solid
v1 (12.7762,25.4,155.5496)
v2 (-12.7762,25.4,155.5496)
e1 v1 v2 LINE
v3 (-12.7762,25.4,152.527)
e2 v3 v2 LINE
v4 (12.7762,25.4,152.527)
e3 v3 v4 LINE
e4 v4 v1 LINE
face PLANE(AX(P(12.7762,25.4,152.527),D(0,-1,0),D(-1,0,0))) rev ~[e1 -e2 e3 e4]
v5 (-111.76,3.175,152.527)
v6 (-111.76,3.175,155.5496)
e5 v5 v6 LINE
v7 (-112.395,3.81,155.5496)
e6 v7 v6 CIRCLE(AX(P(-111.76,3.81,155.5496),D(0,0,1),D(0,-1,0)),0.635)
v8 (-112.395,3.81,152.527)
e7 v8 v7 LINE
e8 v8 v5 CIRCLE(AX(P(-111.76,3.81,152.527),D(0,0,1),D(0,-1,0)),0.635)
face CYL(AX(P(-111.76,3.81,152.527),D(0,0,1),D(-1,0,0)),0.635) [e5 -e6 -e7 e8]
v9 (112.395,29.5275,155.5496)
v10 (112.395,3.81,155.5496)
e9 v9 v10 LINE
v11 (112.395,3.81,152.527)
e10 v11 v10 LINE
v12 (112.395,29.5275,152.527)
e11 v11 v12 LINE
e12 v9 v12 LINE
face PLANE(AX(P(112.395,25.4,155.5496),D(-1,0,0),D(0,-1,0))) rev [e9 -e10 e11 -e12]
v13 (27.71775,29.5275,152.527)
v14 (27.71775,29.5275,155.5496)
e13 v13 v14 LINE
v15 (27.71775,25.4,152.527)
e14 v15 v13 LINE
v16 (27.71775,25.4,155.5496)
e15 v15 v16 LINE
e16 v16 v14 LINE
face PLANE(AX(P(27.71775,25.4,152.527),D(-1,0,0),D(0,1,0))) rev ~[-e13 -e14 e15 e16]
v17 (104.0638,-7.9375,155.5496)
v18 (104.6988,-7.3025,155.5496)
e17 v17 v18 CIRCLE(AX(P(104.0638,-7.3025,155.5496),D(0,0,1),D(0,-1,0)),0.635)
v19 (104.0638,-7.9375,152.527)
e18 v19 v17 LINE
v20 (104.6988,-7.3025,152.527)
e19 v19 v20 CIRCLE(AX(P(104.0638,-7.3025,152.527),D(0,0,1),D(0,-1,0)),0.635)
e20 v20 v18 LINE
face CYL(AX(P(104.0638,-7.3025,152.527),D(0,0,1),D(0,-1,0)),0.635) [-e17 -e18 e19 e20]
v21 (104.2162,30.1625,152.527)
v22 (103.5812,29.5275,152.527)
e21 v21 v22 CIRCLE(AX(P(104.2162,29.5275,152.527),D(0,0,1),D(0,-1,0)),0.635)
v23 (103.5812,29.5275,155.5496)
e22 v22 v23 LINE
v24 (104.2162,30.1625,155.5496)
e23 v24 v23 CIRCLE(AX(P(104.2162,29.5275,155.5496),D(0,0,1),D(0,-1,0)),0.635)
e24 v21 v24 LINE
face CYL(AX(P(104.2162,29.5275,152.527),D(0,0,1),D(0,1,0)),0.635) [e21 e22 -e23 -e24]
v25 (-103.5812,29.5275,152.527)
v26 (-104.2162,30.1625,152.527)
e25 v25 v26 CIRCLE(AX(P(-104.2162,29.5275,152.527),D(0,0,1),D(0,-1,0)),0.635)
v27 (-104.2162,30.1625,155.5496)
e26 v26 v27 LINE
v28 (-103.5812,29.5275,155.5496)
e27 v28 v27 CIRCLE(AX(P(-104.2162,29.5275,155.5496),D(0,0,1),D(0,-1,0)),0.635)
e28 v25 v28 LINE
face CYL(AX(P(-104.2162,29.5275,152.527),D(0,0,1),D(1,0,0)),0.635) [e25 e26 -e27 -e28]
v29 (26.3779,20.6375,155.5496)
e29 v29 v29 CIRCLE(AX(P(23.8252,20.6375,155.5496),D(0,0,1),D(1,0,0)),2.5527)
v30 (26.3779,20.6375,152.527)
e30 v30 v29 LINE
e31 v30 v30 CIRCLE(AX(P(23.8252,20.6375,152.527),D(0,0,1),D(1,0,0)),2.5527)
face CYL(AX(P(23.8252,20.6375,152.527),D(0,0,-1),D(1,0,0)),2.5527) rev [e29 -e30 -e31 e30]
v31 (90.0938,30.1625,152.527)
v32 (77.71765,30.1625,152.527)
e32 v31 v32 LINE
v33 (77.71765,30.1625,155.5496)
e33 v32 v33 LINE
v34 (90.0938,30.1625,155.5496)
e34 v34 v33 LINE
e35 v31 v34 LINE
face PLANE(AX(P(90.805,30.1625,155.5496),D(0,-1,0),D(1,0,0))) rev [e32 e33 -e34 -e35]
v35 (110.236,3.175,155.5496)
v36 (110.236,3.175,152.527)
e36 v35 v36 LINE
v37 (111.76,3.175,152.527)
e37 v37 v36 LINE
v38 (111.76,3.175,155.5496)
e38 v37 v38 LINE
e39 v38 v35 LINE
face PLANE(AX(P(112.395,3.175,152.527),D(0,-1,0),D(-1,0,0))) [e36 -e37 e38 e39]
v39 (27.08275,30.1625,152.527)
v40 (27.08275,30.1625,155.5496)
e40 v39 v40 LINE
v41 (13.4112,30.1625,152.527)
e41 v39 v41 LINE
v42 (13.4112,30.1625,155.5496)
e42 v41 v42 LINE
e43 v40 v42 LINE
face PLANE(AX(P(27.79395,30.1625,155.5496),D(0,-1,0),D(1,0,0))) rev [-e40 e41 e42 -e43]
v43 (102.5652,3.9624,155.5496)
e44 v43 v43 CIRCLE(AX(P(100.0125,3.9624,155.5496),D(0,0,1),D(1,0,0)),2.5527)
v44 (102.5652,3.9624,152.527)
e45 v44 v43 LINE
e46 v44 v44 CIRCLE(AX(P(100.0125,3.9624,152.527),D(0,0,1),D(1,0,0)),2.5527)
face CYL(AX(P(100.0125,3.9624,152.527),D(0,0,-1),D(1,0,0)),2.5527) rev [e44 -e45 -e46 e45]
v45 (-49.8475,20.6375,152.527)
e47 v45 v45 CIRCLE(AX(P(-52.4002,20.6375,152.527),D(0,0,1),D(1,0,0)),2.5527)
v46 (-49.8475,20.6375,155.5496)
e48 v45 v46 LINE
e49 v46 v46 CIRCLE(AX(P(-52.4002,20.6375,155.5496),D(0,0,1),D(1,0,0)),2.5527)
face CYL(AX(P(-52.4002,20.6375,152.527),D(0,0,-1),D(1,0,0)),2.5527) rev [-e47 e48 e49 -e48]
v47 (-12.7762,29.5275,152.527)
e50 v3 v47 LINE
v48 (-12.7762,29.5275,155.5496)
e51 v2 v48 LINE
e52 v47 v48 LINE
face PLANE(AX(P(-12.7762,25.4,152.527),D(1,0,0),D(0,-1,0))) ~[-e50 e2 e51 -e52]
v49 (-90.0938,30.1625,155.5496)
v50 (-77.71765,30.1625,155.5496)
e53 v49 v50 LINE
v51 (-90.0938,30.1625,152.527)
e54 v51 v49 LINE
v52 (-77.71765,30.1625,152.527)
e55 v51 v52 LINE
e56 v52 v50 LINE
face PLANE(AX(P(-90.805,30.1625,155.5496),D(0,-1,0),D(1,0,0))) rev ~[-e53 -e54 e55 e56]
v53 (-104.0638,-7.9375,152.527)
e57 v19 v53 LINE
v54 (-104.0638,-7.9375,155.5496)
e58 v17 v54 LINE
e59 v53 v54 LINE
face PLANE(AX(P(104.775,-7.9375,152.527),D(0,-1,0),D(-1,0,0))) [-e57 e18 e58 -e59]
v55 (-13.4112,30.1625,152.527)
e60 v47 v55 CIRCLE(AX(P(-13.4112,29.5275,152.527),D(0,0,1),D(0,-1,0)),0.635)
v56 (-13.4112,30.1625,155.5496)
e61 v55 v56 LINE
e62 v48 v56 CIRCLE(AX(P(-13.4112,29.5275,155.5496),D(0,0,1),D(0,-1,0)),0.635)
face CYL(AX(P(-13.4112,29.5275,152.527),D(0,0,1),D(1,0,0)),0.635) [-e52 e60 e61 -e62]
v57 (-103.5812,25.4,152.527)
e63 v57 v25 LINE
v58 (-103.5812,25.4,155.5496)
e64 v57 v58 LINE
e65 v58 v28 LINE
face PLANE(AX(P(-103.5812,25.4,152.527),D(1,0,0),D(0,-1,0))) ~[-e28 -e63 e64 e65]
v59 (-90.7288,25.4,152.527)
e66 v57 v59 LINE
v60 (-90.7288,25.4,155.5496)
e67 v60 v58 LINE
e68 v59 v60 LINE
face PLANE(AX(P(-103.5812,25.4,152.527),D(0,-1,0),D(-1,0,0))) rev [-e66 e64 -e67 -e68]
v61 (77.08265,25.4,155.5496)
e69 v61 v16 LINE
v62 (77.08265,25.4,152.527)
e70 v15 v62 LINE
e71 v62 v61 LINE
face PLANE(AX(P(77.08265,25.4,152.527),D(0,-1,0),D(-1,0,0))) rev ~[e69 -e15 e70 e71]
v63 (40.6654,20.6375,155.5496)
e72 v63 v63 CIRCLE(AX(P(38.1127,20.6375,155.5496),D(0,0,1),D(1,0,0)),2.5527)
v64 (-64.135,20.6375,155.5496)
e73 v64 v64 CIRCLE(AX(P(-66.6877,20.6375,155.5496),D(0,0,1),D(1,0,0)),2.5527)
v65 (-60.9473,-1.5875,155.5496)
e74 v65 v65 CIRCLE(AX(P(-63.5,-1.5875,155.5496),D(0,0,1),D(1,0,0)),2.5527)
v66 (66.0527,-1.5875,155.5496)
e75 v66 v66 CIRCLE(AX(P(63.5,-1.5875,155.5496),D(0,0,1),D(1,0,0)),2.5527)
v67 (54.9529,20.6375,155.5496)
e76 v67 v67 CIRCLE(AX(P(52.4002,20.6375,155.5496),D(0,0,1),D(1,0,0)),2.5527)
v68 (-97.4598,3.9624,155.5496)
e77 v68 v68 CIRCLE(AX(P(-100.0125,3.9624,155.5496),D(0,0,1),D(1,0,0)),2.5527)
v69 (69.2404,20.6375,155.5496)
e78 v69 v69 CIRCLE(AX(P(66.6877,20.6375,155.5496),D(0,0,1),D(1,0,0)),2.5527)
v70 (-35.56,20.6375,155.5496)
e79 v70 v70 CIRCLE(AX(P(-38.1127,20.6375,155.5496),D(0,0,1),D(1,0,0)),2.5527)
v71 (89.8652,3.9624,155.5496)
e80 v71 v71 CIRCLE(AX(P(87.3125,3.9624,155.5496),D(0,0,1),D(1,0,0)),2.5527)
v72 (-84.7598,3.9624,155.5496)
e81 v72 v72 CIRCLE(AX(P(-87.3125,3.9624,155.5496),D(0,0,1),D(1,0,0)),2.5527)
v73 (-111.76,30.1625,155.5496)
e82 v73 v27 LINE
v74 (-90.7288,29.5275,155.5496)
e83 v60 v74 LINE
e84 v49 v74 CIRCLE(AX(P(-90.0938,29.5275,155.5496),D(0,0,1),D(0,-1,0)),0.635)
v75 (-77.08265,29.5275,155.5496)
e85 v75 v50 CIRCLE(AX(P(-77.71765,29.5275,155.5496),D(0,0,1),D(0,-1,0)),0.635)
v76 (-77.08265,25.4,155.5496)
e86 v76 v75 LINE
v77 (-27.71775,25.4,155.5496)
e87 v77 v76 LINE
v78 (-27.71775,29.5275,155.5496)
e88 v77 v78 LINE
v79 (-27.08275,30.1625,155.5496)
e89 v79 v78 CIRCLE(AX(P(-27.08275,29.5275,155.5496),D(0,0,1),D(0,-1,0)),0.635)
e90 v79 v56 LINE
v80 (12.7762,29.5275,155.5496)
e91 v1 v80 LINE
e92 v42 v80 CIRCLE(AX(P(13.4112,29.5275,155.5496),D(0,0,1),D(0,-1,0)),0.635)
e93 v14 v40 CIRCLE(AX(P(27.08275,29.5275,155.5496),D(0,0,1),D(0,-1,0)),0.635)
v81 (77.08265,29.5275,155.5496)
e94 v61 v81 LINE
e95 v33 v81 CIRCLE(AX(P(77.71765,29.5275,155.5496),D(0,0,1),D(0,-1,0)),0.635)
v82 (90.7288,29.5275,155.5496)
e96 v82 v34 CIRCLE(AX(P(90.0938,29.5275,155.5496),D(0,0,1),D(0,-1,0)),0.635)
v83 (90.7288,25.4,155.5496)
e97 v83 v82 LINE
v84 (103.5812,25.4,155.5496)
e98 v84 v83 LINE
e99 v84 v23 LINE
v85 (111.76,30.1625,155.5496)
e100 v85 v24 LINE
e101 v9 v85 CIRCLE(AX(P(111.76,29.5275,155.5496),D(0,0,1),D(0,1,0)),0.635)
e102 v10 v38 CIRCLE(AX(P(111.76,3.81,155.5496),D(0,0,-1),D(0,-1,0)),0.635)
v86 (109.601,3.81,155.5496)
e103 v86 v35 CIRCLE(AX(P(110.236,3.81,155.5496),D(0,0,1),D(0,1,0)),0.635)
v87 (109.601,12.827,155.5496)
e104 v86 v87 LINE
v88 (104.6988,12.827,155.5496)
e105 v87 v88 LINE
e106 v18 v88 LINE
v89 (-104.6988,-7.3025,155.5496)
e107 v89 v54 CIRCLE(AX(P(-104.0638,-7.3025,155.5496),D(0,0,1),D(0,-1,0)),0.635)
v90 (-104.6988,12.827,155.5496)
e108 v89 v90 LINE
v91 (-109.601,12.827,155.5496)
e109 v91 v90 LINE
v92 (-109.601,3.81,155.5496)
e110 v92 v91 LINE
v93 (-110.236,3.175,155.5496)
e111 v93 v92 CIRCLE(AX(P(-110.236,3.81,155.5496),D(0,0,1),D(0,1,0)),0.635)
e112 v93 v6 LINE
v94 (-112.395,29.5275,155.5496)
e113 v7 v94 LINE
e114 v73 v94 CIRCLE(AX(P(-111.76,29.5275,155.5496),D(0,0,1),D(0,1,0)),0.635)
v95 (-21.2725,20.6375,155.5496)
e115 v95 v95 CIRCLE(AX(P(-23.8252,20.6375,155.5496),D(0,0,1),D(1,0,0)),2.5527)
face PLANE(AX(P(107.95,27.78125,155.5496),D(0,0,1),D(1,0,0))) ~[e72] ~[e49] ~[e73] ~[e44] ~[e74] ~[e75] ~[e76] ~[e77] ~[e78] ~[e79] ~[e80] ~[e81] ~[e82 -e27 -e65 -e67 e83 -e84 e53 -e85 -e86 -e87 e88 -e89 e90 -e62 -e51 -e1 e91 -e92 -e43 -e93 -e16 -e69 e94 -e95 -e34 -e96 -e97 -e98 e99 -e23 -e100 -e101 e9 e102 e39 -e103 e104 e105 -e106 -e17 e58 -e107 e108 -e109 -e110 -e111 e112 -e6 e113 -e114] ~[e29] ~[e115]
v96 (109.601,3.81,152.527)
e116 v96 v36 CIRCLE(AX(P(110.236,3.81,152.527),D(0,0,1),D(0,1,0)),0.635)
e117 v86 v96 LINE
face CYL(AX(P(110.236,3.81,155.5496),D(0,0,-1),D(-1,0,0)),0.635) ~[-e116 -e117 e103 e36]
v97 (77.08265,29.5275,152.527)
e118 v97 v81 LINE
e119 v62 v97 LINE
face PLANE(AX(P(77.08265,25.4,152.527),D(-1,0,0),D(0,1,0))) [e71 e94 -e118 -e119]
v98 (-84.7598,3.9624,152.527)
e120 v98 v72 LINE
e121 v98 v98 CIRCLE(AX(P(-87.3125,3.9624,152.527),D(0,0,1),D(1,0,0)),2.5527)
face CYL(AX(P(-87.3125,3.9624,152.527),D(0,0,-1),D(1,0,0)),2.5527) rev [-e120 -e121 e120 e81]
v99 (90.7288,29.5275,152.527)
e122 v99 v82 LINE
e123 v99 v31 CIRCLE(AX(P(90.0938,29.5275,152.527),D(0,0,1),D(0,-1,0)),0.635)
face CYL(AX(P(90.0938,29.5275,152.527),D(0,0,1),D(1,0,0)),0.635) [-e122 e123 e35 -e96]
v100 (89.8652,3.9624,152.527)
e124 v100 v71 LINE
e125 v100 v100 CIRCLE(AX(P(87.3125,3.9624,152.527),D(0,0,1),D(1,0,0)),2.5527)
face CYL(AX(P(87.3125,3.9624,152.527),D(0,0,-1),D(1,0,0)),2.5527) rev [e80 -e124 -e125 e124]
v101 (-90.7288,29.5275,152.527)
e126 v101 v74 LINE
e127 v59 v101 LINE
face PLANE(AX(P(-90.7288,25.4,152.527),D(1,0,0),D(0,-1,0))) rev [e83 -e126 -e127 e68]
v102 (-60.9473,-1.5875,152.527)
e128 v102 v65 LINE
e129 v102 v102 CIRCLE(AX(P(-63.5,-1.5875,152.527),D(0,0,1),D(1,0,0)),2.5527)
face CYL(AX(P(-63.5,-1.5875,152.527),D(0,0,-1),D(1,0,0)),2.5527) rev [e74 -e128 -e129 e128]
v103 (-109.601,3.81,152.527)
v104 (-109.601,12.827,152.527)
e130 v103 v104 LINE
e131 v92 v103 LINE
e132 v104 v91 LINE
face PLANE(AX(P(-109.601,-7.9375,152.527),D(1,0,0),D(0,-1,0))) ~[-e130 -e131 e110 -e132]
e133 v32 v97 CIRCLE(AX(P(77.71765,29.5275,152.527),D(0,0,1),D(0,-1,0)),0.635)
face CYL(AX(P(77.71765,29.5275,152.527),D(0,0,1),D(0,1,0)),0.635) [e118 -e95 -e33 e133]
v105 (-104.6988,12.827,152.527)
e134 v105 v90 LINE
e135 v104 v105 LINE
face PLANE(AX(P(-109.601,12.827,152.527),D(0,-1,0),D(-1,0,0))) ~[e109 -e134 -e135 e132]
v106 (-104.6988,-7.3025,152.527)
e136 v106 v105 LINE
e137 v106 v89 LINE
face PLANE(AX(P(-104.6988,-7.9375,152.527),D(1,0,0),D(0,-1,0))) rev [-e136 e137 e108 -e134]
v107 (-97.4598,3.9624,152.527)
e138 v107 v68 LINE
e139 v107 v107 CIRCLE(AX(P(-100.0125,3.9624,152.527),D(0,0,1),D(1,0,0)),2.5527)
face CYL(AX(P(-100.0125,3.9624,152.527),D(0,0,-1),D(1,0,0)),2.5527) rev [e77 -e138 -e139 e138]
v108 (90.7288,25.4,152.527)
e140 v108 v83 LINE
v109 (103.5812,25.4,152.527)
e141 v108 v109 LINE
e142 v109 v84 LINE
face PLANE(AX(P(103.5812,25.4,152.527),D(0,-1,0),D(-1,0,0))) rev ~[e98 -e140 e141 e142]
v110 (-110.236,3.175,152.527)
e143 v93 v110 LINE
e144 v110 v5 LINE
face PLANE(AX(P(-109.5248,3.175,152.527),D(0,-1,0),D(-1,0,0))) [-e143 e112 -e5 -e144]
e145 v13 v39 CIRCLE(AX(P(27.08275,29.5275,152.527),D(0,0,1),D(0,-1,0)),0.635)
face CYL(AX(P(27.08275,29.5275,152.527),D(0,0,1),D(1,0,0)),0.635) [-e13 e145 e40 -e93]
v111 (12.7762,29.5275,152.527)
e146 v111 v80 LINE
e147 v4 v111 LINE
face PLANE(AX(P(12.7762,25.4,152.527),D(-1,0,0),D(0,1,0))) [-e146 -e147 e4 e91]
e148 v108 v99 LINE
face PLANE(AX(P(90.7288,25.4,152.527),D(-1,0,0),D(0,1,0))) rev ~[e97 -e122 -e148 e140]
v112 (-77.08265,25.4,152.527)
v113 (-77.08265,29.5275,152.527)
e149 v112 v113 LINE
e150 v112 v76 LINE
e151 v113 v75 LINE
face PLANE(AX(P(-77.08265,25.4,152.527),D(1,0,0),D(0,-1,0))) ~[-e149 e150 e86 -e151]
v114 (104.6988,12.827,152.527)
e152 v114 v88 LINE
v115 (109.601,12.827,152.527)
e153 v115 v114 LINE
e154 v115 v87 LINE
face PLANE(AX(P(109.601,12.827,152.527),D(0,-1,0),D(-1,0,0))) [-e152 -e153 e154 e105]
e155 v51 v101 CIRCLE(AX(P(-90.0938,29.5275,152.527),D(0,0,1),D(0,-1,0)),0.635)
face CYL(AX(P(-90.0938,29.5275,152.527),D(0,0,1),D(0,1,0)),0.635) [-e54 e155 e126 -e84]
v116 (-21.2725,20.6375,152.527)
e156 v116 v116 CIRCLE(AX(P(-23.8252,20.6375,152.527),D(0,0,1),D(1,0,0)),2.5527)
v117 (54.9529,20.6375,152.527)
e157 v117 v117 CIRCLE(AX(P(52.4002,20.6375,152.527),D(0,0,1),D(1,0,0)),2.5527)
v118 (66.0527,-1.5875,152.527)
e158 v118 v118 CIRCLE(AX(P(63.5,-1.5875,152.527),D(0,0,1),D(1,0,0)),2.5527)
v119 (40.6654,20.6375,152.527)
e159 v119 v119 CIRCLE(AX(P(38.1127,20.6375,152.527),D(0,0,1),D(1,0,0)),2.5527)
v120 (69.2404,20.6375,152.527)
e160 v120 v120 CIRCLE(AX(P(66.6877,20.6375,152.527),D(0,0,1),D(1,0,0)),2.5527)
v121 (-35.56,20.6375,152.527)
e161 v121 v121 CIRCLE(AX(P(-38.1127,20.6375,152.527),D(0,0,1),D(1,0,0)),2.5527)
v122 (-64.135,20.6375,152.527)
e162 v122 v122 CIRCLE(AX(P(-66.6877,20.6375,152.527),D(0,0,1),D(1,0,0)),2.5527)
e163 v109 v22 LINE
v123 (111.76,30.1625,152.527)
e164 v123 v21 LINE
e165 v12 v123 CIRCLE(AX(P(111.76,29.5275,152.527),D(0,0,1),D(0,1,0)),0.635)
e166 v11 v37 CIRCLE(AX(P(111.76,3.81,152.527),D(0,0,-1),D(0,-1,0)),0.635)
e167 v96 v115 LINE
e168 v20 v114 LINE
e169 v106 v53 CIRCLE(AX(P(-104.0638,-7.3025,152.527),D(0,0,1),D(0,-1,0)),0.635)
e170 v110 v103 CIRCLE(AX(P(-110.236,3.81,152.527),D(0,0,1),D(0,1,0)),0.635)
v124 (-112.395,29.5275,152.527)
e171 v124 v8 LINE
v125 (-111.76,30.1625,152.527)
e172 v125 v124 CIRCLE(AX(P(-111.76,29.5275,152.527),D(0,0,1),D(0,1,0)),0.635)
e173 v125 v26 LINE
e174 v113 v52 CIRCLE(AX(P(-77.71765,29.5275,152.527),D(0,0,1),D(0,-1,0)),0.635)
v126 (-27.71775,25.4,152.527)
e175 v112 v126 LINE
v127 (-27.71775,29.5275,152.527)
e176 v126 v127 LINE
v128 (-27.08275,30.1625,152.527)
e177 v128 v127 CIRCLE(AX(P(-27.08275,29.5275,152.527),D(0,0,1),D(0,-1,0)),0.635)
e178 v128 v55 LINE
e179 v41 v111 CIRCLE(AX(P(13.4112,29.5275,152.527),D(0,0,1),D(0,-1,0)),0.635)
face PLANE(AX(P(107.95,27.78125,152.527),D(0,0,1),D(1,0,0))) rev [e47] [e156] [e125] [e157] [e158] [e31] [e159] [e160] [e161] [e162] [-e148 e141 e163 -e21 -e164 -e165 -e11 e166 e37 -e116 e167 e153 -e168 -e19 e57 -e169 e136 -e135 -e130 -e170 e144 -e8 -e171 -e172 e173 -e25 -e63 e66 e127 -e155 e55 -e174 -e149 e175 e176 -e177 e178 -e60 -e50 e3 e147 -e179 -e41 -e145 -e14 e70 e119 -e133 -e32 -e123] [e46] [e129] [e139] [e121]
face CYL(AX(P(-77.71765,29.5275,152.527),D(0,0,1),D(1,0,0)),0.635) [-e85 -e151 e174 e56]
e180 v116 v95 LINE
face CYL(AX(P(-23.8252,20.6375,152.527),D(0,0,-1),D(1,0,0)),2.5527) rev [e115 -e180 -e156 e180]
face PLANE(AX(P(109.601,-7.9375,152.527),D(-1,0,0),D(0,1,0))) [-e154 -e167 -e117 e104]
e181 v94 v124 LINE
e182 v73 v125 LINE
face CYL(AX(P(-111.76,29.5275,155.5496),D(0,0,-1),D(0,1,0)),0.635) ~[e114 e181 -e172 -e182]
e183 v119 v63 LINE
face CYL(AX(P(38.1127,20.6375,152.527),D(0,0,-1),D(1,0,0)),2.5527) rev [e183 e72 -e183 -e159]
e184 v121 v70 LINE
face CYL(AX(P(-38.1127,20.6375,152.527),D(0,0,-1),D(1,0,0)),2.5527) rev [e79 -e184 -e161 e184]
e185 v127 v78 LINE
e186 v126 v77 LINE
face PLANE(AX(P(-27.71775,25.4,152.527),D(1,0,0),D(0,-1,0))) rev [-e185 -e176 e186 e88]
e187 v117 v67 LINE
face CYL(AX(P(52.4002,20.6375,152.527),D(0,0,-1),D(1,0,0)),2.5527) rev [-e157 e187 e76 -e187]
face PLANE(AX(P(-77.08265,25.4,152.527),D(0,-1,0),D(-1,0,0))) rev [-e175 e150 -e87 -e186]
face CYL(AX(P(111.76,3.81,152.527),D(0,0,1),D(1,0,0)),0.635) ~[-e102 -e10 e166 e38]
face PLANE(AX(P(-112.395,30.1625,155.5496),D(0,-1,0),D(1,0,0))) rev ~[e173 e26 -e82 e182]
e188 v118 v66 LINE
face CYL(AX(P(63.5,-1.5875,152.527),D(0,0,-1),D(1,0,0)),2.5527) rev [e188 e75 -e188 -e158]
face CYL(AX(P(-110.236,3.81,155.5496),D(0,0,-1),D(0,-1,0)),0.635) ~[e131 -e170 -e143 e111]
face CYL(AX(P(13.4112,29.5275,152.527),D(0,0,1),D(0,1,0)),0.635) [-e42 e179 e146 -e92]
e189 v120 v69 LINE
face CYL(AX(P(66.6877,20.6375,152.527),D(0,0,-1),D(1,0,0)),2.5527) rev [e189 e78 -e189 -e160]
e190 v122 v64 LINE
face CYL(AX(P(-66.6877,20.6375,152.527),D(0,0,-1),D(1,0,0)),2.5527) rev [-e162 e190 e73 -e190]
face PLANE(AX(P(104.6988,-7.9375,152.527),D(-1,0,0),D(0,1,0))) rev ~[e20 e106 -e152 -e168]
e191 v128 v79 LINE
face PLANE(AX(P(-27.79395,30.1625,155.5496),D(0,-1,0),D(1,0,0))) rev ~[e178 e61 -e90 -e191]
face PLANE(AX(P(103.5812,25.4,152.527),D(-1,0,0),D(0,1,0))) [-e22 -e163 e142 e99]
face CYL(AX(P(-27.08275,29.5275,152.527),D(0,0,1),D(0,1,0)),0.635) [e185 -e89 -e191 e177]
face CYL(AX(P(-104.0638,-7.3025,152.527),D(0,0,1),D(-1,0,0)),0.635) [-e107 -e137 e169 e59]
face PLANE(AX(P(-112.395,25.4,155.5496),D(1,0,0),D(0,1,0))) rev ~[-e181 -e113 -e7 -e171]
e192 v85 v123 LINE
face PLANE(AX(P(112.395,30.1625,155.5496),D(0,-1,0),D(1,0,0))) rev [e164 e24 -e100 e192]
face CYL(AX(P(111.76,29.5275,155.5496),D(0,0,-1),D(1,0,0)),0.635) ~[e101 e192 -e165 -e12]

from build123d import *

# Parameters (mm, degrees)
SKETCH41_R                  = 2.5527
BACK_PLATE_EXTRUDE_DEPTH    = 3.0226
SKETCH71_W                  = 8.89
SKETCH71_H                  = 4.7625
SKETCH71_W_2                = 13.79855
SKETCH71_W_3                = 15.09395
BOSS_EXTRUDE26_DEPTH        = 3.0226
SKETCH91_W                  = 4.9022
SKETCH91_H                  = 20.7645
SKETCH91_W_2                = 12.8524
SKETCH91_H_2                = 4.7625
SKETCH91_W_3                = 49.3649
SKETCH91_W_4                = 12.7762
BACK_PLATE_TOLERENCES_DEPTH = 4.0226
FILLET27_R                  = 0.635
FILLET28_R                  = 0.635


with BuildPart() as part:
    # Sketch41 → Back Plate Extrude (new body)
    with BuildSketch(Plane.XY.offset(152.527)):
        Polygon((-104.775, -7.9375), (-104.775, 12.7), (-109.5248, 12.7), (-109.5248, 3.175), (-112.395, 3.175), (-112.395, 25.4), (-104.775, 25.4), (104.775, 25.4), (112.395, 25.4), (112.395, 3.175), (109.5248, 3.175), (109.5248, 12.7), (104.775, 12.7), (104.775, -7.9375), align=None)
        with Locations((-100.0125, 3.9624)):
            Circle(SKETCH41_R, mode=Mode.SUBTRACT)
        with Locations((100.0125, 3.9624)):
            Circle(SKETCH41_R, mode=Mode.SUBTRACT)
        with Locations((23.8252, 20.6375)):
            Circle(SKETCH41_R, mode=Mode.SUBTRACT)
        with Locations((38.1127, 20.6375)):
            Circle(SKETCH41_R, mode=Mode.SUBTRACT)
        with Locations((52.4002, 20.6375)):
            Circle(SKETCH41_R, mode=Mode.SUBTRACT)
        with Locations((66.6877, 20.6375)):
            Circle(SKETCH41_R, mode=Mode.SUBTRACT)
        with Locations((-66.6877, 20.6375)):
            Circle(SKETCH41_R, mode=Mode.SUBTRACT)
        with Locations((-52.4002, 20.6375)):
            Circle(SKETCH41_R, mode=Mode.SUBTRACT)
        with Locations((-38.1127, 20.6375)):
            Circle(SKETCH41_R, mode=Mode.SUBTRACT)
        with Locations((-23.8252, 20.6375)):
            Circle(SKETCH41_R, mode=Mode.SUBTRACT)
        with Locations((-87.3125, 3.9624)):
            Circle(SKETCH41_R, mode=Mode.SUBTRACT)
        with Locations((87.3125, 3.9624)):
            Circle(SKETCH41_R, mode=Mode.SUBTRACT)
        with Locations((-63.5, -1.5875)):
            Circle(SKETCH41_R, mode=Mode.SUBTRACT)
        with Locations((63.5, -1.5875)):
            Circle(SKETCH41_R, mode=Mode.SUBTRACT)
    extrude(amount=BACK_PLATE_EXTRUDE_DEPTH)

    # Sketch71 → Boss-Extrude26 (add, through all)
    with BuildSketch(Plane.XY.offset(155.5496)):
        with Locations((-107.95, 27.78125)):
            Rectangle(SKETCH71_W, SKETCH71_H)
        with Locations((-83.905725, 27.78125)):
            Rectangle(SKETCH71_W_2, SKETCH71_H)
        with Locations((-20.246975, 27.78125)):
            Rectangle(SKETCH71_W_3, SKETCH71_H)
    boss_extrude26 = extrude(amount=-BOSS_EXTRUDE26_DEPTH)

    # Mirror23: Boss-Extrude26 across plane
    add(boss_extrude26.mirror(Plane(origin=(0, 0, 0), x_dir=(0, 0, 1), z_dir=(1, 0, 0))))

    # Sketch91 → Back Plate Tolerences (cut, through all)
    with BuildSketch(Plane(origin=(0, 0, 152.527), x_dir=(-1, 0, 0), z_dir=(0, 0, -1))):
        with Locations((-107.1499, 2.44475)):
            Rectangle(SKETCH91_W, SKETCH91_H)
        with Locations((-97.155, 27.78125)):
            Rectangle(SKETCH91_W_2, SKETCH91_H_2)
        with Locations((-52.4002, 27.78125)):
            Rectangle(SKETCH91_W_3, SKETCH91_H_2)
        with Locations((-6.3881, 27.78125)):
            Rectangle(SKETCH91_W_4, SKETCH91_H_2)
    back_plate_tolerences = extrude(amount=-BACK_PLATE_TOLERENCES_DEPTH, mode=Mode.SUBTRACT)

    # Mirror25: Back Plate Tolerences across plane
    add(back_plate_tolerences.mirror(Plane(origin=(0, 0, 0), x_dir=(0, 0, 1), z_dir=(1, 0, 0))), mode=Mode.SUBTRACT)

    # Fillet27
    fillet27_edges = [part.edges().sort_by_distance(p)[0] for p in [
        (-112.395, 30.1625, 154.0383),
        (112.395, 30.1625, 154.0383),
        (109.601, 3.175, 154.0383),
        (104.6988, -7.9375, 154.0383),
        (-112.395, 3.175, 154.0383),
        (112.395, 3.175, 154.0383),
        (-109.601, 3.175, 154.0383),
        (-104.6988, -7.9375, 154.0383),
    ]]
    fillet(fillet27_edges, radius=FILLET27_R)

    # Fillet28
    fillet28_edges = [part.edges().sort_by_distance(p)[0] for p in [
        (103.5812, 30.1625, 154.0383),
        (90.7288, 30.1625, 154.0383),
        (77.08265, 30.1625, 154.0383),
        (27.71775, 30.1625, 154.0383),
        (12.7762, 30.1625, 154.0383),
        (-103.5812, 30.1625, 154.0383),
        (-90.7288, 30.1625, 154.0383),
        (-27.71775, 30.1625, 154.0383),
        (-77.08265, 30.1625, 154.0383),
        (-12.7762, 30.1625, 154.0383),
    ]]
    fillet(fillet28_edges, radius=FILLET28_R)


solid = part.part
